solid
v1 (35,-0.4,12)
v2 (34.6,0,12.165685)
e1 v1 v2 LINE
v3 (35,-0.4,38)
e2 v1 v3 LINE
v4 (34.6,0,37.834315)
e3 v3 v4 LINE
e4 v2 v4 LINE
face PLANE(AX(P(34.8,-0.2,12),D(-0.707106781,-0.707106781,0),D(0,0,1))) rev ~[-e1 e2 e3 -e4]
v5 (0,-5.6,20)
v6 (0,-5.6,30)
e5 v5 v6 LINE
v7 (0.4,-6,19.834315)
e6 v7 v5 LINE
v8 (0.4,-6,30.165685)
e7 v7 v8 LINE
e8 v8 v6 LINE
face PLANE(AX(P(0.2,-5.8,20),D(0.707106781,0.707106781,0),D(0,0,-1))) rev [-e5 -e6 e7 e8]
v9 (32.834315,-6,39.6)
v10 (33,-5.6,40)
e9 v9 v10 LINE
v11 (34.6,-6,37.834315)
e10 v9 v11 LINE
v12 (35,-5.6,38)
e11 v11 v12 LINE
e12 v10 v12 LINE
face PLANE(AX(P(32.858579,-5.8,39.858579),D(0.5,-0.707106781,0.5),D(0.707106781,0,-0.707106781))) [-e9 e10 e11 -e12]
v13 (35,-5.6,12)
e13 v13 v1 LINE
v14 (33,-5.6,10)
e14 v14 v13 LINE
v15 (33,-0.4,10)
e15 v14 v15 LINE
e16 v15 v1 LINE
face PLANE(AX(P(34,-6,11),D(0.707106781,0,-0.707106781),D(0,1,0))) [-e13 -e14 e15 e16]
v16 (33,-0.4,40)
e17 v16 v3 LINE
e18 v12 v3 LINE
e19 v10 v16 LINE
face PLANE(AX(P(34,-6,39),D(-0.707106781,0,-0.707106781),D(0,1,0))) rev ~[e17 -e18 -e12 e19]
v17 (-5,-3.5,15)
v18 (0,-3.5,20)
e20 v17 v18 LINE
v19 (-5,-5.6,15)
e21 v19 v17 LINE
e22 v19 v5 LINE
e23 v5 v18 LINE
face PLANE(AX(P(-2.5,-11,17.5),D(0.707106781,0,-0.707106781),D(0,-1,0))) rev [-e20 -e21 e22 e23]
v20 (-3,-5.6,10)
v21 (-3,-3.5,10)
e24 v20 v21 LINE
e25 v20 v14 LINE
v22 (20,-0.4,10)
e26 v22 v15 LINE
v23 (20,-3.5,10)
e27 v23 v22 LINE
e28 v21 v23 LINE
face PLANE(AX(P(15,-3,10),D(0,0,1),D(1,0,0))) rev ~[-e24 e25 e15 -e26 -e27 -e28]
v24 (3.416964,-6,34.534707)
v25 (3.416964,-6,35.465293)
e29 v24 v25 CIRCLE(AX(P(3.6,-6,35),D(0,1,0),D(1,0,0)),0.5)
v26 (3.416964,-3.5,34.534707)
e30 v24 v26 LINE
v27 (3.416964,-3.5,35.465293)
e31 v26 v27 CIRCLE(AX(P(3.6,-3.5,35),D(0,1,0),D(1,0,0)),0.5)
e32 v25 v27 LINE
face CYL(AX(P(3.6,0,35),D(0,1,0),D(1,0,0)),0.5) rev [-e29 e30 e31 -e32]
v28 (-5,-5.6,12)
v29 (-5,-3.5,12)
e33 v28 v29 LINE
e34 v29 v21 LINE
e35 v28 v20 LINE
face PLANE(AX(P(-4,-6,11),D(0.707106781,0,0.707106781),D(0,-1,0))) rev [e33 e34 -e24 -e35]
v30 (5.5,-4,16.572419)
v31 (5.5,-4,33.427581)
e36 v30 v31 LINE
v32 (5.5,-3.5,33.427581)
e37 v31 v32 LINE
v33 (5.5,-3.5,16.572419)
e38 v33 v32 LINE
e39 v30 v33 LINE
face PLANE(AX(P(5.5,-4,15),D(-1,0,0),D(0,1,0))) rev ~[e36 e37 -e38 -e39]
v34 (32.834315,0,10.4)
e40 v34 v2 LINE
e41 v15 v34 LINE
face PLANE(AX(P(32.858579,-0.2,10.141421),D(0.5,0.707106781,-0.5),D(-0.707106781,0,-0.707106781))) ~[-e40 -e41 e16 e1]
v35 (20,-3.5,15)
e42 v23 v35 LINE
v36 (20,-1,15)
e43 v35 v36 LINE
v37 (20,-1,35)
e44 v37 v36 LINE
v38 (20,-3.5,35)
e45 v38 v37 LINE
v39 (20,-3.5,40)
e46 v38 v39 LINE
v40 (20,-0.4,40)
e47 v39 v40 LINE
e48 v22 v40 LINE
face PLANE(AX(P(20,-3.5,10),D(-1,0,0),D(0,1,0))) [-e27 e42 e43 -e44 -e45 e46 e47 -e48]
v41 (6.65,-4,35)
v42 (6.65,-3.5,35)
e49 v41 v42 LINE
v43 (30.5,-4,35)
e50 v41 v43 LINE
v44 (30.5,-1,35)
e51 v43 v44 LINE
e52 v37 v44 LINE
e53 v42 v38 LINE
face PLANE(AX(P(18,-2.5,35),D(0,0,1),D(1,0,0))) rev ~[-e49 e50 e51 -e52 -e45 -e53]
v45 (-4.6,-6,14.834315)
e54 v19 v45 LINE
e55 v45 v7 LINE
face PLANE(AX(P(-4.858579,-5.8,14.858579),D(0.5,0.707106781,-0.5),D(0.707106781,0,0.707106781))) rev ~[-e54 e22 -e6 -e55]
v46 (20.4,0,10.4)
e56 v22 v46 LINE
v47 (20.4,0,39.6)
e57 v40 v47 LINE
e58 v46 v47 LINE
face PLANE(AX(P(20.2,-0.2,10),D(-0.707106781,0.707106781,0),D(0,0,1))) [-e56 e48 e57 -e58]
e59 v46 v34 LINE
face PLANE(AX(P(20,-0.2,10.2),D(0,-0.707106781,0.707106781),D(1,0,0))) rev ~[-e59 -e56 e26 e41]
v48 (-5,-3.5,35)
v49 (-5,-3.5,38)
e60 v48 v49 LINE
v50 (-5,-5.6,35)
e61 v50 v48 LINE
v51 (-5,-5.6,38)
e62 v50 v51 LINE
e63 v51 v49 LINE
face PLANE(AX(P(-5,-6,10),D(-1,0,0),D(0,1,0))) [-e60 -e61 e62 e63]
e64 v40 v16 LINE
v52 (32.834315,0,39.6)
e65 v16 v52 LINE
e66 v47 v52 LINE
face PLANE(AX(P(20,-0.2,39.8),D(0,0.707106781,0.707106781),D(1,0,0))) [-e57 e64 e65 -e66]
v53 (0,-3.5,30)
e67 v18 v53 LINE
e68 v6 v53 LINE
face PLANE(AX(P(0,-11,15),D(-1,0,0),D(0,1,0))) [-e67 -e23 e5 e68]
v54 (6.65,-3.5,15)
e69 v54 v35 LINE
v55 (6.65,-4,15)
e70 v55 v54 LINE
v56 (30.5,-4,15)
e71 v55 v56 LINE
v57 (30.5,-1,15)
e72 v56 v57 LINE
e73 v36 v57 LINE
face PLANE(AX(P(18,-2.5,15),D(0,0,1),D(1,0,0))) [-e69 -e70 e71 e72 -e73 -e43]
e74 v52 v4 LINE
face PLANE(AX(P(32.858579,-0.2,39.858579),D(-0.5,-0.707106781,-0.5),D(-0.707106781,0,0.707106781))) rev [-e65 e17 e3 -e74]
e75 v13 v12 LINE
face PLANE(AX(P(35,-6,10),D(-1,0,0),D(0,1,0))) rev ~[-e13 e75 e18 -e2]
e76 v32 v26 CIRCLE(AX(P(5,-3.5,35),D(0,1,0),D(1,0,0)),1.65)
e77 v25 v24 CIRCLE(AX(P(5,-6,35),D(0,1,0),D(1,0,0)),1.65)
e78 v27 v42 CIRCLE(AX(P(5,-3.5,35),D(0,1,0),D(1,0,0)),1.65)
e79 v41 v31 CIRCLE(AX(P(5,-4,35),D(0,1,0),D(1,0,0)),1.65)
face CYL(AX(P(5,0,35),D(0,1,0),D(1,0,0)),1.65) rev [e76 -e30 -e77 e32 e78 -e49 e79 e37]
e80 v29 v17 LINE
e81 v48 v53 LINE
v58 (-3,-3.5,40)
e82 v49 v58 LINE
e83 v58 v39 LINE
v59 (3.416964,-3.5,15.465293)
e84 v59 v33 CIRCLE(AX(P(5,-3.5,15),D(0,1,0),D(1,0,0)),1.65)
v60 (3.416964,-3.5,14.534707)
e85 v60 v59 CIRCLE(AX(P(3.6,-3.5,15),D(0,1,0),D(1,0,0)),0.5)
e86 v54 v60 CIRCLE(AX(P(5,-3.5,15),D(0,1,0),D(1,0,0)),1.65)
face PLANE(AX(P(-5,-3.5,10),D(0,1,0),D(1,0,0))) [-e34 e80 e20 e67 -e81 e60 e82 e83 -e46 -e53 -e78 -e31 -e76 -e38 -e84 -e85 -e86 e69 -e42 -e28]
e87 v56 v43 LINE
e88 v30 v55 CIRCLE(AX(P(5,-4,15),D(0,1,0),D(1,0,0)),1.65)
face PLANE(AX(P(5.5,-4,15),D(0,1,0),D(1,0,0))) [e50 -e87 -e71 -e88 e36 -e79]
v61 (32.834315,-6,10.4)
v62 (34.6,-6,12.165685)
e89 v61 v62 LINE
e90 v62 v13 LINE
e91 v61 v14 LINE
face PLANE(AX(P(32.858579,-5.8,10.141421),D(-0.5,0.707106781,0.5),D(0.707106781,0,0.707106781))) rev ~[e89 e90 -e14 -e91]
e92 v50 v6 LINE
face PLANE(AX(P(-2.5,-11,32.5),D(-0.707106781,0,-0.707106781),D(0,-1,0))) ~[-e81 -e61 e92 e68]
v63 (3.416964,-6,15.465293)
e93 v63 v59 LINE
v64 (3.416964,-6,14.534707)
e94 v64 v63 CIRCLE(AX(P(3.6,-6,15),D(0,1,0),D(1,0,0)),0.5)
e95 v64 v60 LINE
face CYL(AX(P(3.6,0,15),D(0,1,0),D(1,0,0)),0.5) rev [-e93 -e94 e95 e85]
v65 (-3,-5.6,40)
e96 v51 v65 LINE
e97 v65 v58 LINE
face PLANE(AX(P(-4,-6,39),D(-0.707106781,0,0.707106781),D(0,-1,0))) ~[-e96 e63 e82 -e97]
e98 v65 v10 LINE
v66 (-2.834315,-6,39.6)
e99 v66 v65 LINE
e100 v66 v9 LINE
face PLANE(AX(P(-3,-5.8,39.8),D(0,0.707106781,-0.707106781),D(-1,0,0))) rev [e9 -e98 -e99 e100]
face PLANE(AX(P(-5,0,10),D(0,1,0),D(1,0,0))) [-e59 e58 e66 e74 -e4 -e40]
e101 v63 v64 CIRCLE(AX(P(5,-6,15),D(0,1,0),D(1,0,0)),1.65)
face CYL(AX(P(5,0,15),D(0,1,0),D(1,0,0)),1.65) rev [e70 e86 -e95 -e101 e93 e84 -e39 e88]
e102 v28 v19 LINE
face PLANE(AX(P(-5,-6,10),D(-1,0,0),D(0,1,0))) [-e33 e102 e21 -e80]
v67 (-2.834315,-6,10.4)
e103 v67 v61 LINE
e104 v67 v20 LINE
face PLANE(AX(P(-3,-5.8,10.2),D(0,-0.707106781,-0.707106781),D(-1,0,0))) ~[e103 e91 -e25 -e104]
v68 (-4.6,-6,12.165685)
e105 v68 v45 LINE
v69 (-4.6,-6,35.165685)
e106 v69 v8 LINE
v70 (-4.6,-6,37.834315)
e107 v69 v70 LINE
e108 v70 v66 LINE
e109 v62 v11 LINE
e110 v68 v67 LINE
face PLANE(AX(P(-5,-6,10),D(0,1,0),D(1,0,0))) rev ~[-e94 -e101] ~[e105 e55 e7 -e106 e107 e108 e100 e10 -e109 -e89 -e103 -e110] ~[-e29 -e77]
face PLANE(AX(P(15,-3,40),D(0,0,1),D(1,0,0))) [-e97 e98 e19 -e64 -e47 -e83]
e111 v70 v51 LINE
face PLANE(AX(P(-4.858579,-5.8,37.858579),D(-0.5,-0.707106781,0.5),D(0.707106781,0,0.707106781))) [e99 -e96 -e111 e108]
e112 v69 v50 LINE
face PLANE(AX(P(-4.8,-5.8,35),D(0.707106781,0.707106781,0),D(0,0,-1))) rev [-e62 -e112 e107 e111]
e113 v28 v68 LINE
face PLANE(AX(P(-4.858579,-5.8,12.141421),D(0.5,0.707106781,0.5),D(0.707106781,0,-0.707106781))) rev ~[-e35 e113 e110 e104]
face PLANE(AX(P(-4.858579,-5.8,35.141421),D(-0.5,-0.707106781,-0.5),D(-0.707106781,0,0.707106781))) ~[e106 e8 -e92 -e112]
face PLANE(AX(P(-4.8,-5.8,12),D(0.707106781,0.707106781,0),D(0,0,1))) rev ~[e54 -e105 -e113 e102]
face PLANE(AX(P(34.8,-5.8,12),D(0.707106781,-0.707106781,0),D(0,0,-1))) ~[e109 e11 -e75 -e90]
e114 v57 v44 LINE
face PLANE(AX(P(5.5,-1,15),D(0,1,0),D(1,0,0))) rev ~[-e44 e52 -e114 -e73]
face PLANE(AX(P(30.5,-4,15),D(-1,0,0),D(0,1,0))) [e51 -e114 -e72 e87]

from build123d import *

# Parameters (mm, degrees)
CYLINDER022_R     = 0.5
CYLINDER022_DEPTH = 10
CYLINDER021_R     = 0.5
CYLINDER021_DEPTH = 10
CYLINDER023_R     = 1.65
CYLINDER023_DEPTH = 10
CYLINDER024_R     = 1.65
CYLINDER024_DEPTH = 10
BOX024_W          = 10
BOX024_H          = 10
BOX024_DEPTH      = 20
CHAMFER011_SIZE   = 5
BOX016_W          = 25
BOX016_H          = 3
BOX016_DEPTH      = 20
BOX023_W          = 25
BOX023_H          = 3.5
BOX023_DEPTH      = 30
BOX022_W          = 40
BOX022_H          = 6
BOX022_DEPTH      = 30
CHAMFER010_SIZE   = 2
CHAMFER012_SIZE   = 0.4


with BuildPart() as cylinder022:
    # Cylinder022 → Cylinder022 (new body)
    with BuildSketch(Plane(origin=(5, 0, 25), x_dir=(1, 0, 0), z_dir=(0, -1, 0))):
        Circle(CYLINDER022_R)
    extrude(amount=CYLINDER022_DEPTH)


with BuildPart() as fusion007004:
    # Cylinder021 → Cylinder021 (new body)
    with BuildSketch(Plane(origin=(5, 0, 5), x_dir=(1, 0, 0), z_dir=(0, -1, 0))):
        Circle(CYLINDER021_R)
    extrude(amount=CYLINDER021_DEPTH)

    # Fusion007004: union Cylinder022
    add(cylinder022.part)


with BuildPart() as fusion007004_1:
    # Fusion007004 placement: moved
    add(fusion007004.part.moved(Location((-1.4, 0, 0))))


with BuildPart() as cylinder023:
    # Cylinder023 → Cylinder023 (new body)
    with BuildSketch(Plane(origin=(5, 0, 5), x_dir=(1, 0, 0), z_dir=(0, -1, 0))):
        Circle(CYLINDER023_R)
    extrude(amount=CYLINDER023_DEPTH)


with BuildPart() as fusion007005:
    # Cylinder024 → Cylinder024 (new body)
    with BuildSketch(Plane(origin=(5, 0, 25), x_dir=(1, 0, 0), z_dir=(0, -1, 0))):
        Circle(CYLINDER024_R)
    extrude(amount=CYLINDER024_DEPTH)

    # Fusion007003: union Cylinder023
    add(cylinder023.part)

    # Fusion007005: union Fusion007004
    add(fusion007004_1.part)


with BuildPart() as chamfer011:
    # Box024 → Box024 (new body)
    with BuildSketch(Plane(origin=(-10, -11, 0), x_dir=(1, 0, 0), z_dir=(0, 0, 1))):
        with Locations((5, 5)):
            Rectangle(BOX024_W, BOX024_H)
    extrude(amount=BOX024_DEPTH)

    # Chamfer011
    chamfer011_edges = [chamfer011.edges().sort_by_distance(p)[0] for p in [
        (0, -6, 20),
        (0, -6, 0),
    ]]
    chamfer(chamfer011_edges, length=CHAMFER011_SIZE)


with BuildPart() as chamfer011_1:
    # Chamfer011 placement: moved
    add(chamfer011.part.moved(Location((0, 0, 5))))


with BuildPart() as magnet001:
    # Box016 → Box016 (new body)
    with BuildSketch(Plane(origin=(5.5, -4, 5), x_dir=(1, 0, 0), z_dir=(0, 0, 1))):
        with Locations((12.5, 1.5)):
            Rectangle(BOX016_W, BOX016_H)
    extrude(amount=BOX016_DEPTH)


with BuildPart() as cube012:
    # Box023 → Box023 (new body)
    with BuildSketch(Plane(origin=(-5, -3.5, 0), x_dir=(1, 0, 0), z_dir=(0, 0, 1))):
        with Locations((12.5, 1.75)):
            Rectangle(BOX023_W, BOX023_H)
    extrude(amount=BOX023_DEPTH)


with BuildPart() as handle:
    # Box022 → Box022 (new body)
    with BuildSketch(Plane(origin=(-5, -6, 0), x_dir=(1, 0, 0), z_dir=(0, 0, 1))):
        with Locations((20, 3)):
            Rectangle(BOX022_W, BOX022_H)
    extrude(amount=BOX022_DEPTH)

    # Cut003004: cut Cube012
    add(cube012.part, mode=Mode.SUBTRACT)

    # Cut003005: cut magnet001
    add(magnet001.part, mode=Mode.SUBTRACT)

    # Chamfer010
    chamfer010_edges = [handle.edges().sort_by_distance(p)[0] for p in [
        (-5, -4.75, 30),
        (-5, -4.75, 0),
        (35, -3, 30),
        (35, -3, 0),
    ]]
    chamfer(chamfer010_edges, length=CHAMFER010_SIZE)

    # Cut003006: cut Chamfer011
    add(chamfer011_1.part, mode=Mode.SUBTRACT)

    # Chamfer012
    chamfer012_edges = [handle.edges().sort_by_distance(p)[0] for p in [
        (-5, -6, 3.5),
        (-4, -6, 1),
        (15, -6, 0),
        (34, -6, 1),
        (35, -6, 15),
        (34, -6, 29),
        (15, -6, 30),
        (-4, -6, 29),
        (-5, -6, 26.5),
        (-2.5, -6, 22.5),
        (0, -6, 15),
        (-2.5, -6, 7.5),
        (26.5, 0, 0),
        (34, 0, 1),
        (35, 0, 15),
        (34, 0, 29),
        (26.5, 0, 30),
        (20, 0, 15),
    ]]
    chamfer(chamfer012_edges, length=CHAMFER012_SIZE)

    # Cut003007: cut Fusion007005
    add(fusion007005.part, mode=Mode.SUBTRACT)


with BuildPart() as handle_1:
    # Cut003007 placement: moved
    add(handle.part.moved(Location((0, 0, 10))))


solid = handle_1.part
